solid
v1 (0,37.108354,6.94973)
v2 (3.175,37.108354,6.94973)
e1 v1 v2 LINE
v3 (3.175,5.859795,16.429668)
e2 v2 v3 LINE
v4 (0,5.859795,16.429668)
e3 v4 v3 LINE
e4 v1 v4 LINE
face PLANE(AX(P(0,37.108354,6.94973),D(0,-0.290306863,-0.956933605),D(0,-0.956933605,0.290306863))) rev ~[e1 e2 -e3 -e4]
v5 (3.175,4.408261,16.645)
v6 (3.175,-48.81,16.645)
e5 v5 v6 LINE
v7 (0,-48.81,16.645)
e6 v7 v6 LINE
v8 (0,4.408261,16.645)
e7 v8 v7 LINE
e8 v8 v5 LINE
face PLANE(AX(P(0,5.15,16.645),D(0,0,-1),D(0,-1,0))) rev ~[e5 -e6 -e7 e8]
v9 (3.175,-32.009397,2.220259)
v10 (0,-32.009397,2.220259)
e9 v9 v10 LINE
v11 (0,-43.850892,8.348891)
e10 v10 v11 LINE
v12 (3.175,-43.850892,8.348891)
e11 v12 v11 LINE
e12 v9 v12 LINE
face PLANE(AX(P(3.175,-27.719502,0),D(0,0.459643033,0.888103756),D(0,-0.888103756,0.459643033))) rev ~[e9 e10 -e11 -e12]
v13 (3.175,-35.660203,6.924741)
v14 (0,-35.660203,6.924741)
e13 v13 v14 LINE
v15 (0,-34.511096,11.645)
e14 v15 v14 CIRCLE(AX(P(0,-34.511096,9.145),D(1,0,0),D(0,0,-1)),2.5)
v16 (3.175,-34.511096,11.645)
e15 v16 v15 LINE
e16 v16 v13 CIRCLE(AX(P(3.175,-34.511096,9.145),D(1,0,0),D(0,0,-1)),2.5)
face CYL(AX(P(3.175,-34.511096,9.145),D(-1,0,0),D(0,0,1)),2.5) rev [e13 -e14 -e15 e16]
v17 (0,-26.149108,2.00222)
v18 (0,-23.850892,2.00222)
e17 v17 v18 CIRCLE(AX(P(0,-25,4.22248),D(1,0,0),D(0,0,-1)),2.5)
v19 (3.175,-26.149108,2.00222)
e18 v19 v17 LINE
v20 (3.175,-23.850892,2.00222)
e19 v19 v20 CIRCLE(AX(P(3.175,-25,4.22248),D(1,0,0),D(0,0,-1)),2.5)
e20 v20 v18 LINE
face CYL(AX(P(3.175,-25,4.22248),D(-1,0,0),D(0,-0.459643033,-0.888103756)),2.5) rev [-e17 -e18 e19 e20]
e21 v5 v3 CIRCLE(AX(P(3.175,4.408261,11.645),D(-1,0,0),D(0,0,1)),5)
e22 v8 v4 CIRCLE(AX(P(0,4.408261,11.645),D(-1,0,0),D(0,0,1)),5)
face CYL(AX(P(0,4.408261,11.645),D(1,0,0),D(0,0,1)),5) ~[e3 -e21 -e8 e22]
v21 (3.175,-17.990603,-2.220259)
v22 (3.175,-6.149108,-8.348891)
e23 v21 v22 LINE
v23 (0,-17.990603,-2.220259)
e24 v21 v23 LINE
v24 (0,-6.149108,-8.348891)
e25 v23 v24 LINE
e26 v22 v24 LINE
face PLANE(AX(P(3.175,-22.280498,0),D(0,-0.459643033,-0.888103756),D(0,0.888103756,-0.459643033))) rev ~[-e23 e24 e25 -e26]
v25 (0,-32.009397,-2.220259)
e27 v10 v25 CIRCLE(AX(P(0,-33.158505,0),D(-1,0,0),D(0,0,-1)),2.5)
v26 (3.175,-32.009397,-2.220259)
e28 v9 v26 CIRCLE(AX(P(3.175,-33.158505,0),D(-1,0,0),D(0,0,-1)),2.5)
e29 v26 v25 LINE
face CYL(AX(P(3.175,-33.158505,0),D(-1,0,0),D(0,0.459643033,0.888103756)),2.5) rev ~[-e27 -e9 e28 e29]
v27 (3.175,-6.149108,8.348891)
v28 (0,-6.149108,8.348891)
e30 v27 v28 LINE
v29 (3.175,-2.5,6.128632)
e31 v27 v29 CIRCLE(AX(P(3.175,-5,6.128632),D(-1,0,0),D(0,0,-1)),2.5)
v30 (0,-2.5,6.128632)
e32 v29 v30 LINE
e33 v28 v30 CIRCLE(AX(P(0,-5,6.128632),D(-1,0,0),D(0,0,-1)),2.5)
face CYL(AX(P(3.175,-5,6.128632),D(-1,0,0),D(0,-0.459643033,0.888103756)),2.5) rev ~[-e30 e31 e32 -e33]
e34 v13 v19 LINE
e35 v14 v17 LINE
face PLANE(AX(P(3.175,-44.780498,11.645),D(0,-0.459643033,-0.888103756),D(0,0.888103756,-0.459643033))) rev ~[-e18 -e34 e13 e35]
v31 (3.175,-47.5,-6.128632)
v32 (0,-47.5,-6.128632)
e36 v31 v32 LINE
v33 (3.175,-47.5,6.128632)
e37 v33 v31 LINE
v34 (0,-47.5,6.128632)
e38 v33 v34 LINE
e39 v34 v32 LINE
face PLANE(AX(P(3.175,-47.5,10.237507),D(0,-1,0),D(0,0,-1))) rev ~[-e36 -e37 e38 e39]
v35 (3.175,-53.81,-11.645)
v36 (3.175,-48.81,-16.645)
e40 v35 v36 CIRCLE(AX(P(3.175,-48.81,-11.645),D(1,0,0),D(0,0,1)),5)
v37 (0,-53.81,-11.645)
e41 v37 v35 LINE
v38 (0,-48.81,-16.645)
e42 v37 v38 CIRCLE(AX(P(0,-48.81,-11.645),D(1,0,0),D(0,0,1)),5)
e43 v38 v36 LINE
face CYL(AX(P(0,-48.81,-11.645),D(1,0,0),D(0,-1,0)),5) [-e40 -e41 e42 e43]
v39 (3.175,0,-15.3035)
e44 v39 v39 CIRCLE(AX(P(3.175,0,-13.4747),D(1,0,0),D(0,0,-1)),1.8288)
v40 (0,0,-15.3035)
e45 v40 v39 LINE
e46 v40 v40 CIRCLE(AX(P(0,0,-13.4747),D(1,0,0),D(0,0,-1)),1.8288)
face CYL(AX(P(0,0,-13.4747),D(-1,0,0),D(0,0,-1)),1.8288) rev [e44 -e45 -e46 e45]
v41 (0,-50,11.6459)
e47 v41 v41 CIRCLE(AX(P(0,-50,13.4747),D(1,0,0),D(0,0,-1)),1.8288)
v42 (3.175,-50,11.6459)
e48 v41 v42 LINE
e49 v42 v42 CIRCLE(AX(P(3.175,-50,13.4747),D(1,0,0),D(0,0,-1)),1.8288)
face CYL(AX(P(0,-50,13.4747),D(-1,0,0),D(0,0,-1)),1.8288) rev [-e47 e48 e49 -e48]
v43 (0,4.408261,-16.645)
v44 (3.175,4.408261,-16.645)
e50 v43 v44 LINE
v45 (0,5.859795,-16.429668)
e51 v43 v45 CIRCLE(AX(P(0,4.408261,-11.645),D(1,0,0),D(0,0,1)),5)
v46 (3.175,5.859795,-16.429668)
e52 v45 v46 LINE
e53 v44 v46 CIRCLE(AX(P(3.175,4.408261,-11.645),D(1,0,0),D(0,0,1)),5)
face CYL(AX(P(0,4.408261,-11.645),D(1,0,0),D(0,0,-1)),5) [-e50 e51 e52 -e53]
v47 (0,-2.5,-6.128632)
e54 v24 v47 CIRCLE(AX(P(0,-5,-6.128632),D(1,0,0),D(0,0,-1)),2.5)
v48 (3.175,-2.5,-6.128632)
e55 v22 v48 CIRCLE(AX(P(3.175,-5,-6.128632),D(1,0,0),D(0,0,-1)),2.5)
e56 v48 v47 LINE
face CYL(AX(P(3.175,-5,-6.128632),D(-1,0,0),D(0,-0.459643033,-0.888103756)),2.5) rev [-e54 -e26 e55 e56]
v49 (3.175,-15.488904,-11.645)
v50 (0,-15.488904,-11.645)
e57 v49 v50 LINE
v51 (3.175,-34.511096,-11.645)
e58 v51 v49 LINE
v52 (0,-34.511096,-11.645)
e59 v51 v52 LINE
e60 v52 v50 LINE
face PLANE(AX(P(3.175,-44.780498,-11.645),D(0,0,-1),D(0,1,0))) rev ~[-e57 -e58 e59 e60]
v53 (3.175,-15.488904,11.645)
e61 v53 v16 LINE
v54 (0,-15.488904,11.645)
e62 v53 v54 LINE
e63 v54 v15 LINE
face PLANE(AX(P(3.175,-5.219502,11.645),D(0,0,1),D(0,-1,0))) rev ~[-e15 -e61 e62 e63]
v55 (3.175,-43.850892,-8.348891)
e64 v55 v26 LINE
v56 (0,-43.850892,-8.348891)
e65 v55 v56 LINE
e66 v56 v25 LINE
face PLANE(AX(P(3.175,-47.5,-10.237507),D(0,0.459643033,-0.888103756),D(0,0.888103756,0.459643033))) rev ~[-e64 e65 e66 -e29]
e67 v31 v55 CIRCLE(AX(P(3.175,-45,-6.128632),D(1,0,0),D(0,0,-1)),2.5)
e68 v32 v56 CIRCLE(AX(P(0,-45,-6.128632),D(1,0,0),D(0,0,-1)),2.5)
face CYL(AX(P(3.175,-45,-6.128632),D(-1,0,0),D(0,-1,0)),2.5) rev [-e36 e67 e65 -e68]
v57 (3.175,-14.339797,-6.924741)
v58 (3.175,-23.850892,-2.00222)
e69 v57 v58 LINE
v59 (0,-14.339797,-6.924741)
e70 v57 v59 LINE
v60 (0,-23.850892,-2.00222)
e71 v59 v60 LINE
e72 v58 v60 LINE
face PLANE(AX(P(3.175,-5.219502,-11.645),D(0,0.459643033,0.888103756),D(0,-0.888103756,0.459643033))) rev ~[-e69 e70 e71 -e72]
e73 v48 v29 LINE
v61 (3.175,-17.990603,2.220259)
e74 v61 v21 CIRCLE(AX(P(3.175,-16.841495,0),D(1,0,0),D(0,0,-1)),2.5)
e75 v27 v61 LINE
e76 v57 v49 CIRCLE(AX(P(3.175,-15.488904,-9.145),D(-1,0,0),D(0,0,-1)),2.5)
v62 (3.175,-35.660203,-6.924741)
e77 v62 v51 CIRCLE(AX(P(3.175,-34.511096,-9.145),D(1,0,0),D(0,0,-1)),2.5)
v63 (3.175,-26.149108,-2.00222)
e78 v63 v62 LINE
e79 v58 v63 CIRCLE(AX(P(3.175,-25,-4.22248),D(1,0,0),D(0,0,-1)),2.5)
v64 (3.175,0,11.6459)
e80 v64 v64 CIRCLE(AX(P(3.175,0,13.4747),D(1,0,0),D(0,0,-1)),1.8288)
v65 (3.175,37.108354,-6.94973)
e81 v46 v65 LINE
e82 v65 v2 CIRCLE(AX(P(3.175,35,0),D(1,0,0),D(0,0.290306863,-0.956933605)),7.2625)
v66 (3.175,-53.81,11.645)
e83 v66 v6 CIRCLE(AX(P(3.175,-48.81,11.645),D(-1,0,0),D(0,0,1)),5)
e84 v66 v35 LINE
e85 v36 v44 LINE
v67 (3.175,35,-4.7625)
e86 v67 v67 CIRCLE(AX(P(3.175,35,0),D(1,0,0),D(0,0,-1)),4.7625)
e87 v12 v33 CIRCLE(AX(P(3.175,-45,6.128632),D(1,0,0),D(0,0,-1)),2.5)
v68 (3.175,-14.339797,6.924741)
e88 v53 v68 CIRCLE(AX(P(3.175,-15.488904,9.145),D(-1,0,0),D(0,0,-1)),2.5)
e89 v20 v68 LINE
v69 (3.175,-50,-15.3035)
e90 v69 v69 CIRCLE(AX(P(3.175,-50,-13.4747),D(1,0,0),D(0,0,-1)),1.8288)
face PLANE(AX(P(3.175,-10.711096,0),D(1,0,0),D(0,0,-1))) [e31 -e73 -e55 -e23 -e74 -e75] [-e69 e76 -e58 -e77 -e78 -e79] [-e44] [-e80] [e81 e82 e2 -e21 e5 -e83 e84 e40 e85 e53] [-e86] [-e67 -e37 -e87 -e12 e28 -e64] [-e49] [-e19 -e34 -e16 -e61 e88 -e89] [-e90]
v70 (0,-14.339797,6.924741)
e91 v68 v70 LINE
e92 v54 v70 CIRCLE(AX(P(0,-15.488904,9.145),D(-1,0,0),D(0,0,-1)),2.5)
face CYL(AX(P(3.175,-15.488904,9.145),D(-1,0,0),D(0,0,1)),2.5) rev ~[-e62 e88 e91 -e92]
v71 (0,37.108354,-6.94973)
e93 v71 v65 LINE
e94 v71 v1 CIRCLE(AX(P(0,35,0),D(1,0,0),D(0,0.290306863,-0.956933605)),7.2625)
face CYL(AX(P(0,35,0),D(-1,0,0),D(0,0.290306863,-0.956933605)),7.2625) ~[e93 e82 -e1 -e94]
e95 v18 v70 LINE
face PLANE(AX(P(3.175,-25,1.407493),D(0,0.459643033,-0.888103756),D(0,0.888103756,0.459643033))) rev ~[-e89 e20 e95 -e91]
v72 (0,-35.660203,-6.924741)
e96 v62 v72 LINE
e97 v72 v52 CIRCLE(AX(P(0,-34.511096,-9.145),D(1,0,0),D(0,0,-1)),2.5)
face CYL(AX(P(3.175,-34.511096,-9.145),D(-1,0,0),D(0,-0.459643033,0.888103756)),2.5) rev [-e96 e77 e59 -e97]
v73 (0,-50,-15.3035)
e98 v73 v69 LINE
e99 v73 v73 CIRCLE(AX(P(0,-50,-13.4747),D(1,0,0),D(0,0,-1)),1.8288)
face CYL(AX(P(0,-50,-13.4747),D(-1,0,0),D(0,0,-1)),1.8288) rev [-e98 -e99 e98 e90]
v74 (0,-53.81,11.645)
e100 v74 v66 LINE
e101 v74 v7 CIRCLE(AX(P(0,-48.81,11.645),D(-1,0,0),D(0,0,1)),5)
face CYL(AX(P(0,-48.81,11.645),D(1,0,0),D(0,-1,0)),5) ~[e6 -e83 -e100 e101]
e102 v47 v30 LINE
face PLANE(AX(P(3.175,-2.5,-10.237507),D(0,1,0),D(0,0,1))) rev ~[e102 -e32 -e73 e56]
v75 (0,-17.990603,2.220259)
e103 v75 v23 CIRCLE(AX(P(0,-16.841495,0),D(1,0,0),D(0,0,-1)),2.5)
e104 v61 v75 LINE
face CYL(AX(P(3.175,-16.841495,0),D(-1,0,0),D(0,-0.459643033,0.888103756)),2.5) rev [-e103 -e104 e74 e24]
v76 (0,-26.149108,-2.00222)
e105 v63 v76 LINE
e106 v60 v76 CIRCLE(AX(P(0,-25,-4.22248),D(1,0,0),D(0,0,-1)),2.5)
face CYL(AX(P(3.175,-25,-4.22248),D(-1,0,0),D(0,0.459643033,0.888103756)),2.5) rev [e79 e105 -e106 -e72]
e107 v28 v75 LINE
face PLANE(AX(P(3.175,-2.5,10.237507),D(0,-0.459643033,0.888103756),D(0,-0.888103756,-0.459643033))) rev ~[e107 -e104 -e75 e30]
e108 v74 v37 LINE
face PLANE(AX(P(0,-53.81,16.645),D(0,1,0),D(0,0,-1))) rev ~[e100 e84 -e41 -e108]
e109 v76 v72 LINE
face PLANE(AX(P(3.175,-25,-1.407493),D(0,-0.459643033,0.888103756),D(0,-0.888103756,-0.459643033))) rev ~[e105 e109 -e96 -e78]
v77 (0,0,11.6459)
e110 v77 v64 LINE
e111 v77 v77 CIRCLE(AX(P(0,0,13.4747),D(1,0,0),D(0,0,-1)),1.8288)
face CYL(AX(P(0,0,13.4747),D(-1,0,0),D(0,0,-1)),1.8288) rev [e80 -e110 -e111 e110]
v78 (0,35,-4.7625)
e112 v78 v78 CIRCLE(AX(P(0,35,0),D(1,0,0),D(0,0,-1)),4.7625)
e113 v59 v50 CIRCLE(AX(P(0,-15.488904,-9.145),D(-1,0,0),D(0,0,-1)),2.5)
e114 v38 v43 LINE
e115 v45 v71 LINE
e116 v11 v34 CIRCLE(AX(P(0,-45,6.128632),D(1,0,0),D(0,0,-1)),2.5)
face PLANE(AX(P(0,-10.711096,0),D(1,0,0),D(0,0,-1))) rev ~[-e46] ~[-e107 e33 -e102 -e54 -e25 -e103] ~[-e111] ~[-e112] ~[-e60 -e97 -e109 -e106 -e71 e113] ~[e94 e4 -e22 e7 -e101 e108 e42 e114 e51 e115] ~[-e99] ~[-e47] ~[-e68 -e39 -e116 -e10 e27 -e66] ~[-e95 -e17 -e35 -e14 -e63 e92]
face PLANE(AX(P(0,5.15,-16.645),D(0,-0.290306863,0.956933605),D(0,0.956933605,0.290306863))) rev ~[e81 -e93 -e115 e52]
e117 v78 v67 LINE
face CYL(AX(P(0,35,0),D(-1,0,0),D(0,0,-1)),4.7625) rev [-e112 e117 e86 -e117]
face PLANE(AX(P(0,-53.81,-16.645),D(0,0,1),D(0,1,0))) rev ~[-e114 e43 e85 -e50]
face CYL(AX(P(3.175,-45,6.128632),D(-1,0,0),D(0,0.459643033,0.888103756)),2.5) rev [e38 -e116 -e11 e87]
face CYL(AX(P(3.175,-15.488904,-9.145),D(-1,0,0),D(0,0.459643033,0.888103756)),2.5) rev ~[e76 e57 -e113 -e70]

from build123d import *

# Parameters (mm, degrees)
SKETCH1_R           = 1.8288
SKETCH1_R_2         = 4.7625
BOSS_EXTRUDE1_DEPTH = 3.175
CUT_EXTRUDE1_DEPTH  = 57.415004653
FILLET1_R           = 2.5
FILLET2_R           = 5


with BuildPart() as part:
    # Sketch1 → Boss-Extrude1 (new body)
    with BuildSketch(Plane(origin=(0, 0, 0), x_dir=(0, 0, -1), z_dir=(1, 0, 0))):
        with BuildLine():
            Line((-16.645, -53.81), (16.645, -53.81))
            Line((16.645, -53.81), (16.645, 5.15))
            Line((16.645, 5.15), (6.94973031, 37.108353593))
            ThreePointArc((6.94973031, 37.108353593), (0, 42.2625), (-6.94973031, 37.108353593))
            Line((-6.94973031, 37.108353593), (-16.645, 5.15))
            Line((-16.645, 5.15), (-16.645, -53.81))
        make_face()
        with Locations((-13.4747, 0)):
            Circle(SKETCH1_R, mode=Mode.SUBTRACT)
        with Locations((0, 35)):
            Circle(SKETCH1_R_2, mode=Mode.SUBTRACT)
        with Locations((13.4747, 0)):
            Circle(SKETCH1_R, mode=Mode.SUBTRACT)
        with Locations((-13.4747, -50)):
            Circle(SKETCH1_R, mode=Mode.SUBTRACT)
        with Locations((13.4747, -50)):
            Circle(SKETCH1_R, mode=Mode.SUBTRACT)
    extrude(amount=BOSS_EXTRUDE1_DEPTH)

    # Sketch2 → Cut-Extrude1 (cut, through all)
    with BuildSketch(Plane(origin=(3.175, 0, 0), x_dir=(0, 0, -1), z_dir=(1, 0, 0))):
        Polygon((11.645, -5.219501679), (1.407493202, -25), (11.645, -44.780498321), align=None)
        Polygon((0, -27.719501679), (-10.237506798, -47.5), (10.237506798, -47.5), align=None)
        Polygon((-11.645, -5.219501679), (-11.645, -44.780498321), (-1.407493202, -25), align=None)
        Polygon((-10.237506798, -2.5), (0, -22.280498321), (10.237506798, -2.5), align=None)
    extrude(amount=-CUT_EXTRUDE1_DEPTH, mode=Mode.SUBTRACT)

    # Fillet1
    fillet1_edges = [part.edges().sort_by_distance(p)[0] for p in [
        (1.5875, -44.780498321, 11.645),
        (1.5875, -5.219501679, 11.645),
        (1.5875, -25, 1.407493202),
        (1.5875, -47.5, -10.237506798),
        (1.5875, -47.5, 10.237506798),
        (1.5875, -27.719501679, 0),
        (1.5875, -22.280498321, 0),
        (1.5875, -2.5, 10.237506798),
        (1.5875, -2.5, -10.237506798),
        (1.5875, -25, -1.407493202),
        (1.5875, -5.219501679, -11.645),
        (1.5875, -44.780498321, -11.645),
    ]]
    fillet(fillet1_edges, radius=FILLET1_R)

    # Fillet2
    fillet2_edges = [part.edges().sort_by_distance(p)[0] for p in [
        (1.5875, -53.81, -16.645),
        (1.5875, -53.81, 16.645),
        (1.5875, 5.15, 16.645),
        (1.5875, 5.15, -16.645),
    ]]
    fillet(fillet2_edges, radius=FILLET2_R)


solid = part.part
